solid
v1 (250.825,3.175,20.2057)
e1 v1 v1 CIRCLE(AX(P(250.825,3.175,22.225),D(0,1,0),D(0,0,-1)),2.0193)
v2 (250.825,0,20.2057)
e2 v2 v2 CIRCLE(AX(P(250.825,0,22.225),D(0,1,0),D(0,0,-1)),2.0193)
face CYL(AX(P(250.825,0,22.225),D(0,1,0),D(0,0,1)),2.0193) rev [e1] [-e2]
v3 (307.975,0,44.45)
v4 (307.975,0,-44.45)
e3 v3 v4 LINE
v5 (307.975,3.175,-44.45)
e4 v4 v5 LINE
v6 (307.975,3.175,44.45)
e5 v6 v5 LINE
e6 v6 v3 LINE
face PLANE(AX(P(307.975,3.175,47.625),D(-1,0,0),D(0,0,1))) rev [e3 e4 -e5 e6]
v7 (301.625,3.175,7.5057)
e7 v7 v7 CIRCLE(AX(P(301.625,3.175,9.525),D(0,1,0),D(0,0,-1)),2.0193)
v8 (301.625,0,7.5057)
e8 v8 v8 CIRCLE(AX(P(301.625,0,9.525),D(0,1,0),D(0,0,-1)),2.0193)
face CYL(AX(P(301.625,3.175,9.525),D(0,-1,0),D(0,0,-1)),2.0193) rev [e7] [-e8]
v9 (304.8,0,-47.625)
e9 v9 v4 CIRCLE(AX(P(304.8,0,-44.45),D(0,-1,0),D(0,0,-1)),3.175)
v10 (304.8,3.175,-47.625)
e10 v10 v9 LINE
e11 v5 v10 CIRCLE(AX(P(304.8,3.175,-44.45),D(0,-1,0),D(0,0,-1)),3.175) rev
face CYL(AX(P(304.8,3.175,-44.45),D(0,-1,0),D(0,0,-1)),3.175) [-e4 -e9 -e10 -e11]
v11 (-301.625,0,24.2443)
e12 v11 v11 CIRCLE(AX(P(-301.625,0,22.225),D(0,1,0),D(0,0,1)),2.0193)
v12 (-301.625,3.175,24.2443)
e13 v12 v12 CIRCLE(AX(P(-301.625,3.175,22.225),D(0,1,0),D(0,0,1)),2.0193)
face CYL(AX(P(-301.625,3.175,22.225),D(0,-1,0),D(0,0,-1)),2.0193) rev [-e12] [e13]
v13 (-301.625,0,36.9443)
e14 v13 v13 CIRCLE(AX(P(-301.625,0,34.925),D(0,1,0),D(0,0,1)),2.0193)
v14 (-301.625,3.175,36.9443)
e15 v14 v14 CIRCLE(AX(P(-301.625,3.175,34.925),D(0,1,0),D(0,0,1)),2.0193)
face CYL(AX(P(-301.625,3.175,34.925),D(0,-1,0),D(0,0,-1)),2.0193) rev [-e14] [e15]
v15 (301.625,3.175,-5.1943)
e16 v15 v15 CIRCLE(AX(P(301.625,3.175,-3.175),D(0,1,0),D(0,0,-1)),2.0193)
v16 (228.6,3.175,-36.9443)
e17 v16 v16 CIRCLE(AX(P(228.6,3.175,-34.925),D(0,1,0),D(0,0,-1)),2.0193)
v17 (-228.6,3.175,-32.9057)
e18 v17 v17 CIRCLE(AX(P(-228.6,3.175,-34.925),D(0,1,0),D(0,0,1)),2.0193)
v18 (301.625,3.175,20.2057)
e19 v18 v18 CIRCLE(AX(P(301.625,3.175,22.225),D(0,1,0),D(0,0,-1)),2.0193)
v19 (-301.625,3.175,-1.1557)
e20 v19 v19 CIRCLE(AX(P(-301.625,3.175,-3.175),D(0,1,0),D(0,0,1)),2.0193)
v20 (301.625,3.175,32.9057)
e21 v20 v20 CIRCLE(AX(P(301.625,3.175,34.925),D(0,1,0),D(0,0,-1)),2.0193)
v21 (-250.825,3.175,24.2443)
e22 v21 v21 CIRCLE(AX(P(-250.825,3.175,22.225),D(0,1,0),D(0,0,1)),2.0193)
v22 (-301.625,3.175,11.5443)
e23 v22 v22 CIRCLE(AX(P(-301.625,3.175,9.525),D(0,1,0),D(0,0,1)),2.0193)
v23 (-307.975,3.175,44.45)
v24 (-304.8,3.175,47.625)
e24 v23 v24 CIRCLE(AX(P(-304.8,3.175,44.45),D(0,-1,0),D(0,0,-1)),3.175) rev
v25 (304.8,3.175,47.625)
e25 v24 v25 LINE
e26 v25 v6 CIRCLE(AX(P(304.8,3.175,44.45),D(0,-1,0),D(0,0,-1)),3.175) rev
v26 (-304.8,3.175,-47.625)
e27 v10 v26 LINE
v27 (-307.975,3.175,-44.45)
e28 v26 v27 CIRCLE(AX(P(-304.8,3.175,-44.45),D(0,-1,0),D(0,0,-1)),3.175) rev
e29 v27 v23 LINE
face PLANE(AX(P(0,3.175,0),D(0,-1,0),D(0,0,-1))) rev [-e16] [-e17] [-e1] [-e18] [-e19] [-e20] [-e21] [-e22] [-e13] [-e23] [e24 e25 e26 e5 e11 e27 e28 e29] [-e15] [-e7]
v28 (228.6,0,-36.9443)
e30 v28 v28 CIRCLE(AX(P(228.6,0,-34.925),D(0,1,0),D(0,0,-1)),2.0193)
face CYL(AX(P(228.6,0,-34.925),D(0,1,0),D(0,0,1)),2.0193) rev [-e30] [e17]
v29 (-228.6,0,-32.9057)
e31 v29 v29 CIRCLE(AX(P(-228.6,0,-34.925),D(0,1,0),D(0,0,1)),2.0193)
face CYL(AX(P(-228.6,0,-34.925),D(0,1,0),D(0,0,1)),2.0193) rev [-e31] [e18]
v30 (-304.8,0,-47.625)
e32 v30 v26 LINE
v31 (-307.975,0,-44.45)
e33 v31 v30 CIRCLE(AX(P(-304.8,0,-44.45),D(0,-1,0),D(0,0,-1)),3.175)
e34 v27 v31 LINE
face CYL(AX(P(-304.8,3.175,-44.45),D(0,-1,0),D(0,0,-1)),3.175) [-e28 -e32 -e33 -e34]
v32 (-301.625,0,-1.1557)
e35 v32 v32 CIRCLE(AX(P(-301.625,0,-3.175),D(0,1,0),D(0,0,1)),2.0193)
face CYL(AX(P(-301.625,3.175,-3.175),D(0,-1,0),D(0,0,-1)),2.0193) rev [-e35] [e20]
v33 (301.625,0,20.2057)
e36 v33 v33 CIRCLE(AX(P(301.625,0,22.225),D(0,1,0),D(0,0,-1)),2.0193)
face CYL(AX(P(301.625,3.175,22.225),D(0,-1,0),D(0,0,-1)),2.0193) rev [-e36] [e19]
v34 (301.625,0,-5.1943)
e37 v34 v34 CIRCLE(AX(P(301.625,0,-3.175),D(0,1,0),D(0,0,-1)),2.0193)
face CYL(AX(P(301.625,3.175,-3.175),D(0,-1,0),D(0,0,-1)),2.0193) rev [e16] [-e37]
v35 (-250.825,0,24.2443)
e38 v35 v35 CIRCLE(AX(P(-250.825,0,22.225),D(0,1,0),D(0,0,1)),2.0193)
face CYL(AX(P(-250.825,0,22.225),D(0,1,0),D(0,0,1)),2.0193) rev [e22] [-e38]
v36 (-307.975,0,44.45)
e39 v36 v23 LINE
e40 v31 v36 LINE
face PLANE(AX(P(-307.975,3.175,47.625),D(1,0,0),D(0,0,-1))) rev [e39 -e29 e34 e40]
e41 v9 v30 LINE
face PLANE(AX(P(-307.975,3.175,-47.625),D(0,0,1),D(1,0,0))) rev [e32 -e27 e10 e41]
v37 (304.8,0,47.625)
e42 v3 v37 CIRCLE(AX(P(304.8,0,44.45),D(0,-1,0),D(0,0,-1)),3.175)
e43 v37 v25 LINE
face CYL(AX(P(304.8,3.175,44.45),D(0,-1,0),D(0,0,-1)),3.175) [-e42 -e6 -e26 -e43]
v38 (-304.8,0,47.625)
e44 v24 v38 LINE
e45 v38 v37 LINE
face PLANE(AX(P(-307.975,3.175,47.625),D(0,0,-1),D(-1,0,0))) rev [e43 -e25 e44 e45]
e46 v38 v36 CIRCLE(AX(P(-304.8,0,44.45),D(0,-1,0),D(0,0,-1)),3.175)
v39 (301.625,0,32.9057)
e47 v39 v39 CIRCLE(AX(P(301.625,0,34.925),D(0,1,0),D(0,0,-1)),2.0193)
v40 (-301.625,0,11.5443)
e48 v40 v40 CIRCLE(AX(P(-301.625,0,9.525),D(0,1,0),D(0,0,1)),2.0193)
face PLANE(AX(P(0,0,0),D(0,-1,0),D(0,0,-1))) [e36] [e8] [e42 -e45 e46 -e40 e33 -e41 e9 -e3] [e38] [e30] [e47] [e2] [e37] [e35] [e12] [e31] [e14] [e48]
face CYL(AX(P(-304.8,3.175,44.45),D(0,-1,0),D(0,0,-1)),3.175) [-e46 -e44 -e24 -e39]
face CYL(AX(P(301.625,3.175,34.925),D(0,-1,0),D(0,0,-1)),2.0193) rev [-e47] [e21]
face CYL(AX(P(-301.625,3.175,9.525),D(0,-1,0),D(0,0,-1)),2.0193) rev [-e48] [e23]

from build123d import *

# Parameters (mm, degrees)
SKETCH1_W           = 615.95
SKETCH1_H           = 95.25
SKETCH1_R           = 2.0193
BOSS_EXTRUDE1_DEPTH = 3.175
FILLET1_R           = 3.175
SKETCH2_R           = 2.0193
CUT_EXTRUDE1_DEPTH  = 312.651763793


with BuildPart() as part:
    # Sketch1 → Boss-Extrude1 (new body)
    with BuildSketch(Plane(origin=(0, 0, 0), x_dir=(1, 0, 0), z_dir=(0, 1, 0))):
        Rectangle(SKETCH1_W, SKETCH1_H)
        with Locations(Location((-301.625, 3.175, 0), (0, 0, 270))):
            Circle(SKETCH1_R, mode=Mode.SUBTRACT)
        with Locations(Location((-301.625, -9.525, 0), (0, 0, 270))):
            Circle(SKETCH1_R, mode=Mode.SUBTRACT)
        with Locations(Location((-301.625, -22.225, 0), (0, 0, 270))):
            Circle(SKETCH1_R, mode=Mode.SUBTRACT)
        with Locations(Location((-301.625, -34.925, 0), (0, 0, 270))):
            Circle(SKETCH1_R, mode=Mode.SUBTRACT)
        with Locations(Location((301.625, -34.925, 0), (0, 0, 90))):
            Circle(SKETCH1_R, mode=Mode.SUBTRACT)
        with Locations(Location((301.625, -22.225, 0), (0, 0, 90))):
            Circle(SKETCH1_R, mode=Mode.SUBTRACT)
        with Locations(Location((301.625, -9.525, 0), (0, 0, 90))):
            Circle(SKETCH1_R, mode=Mode.SUBTRACT)
        with Locations(Location((301.625, 3.175, 0), (0, 0, 90))):
            Circle(SKETCH1_R, mode=Mode.SUBTRACT)
    extrude(amount=BOSS_EXTRUDE1_DEPTH)

    # Fillet1
    fillet1_edges = [part.edges().sort_by_distance(p)[0] for p in [
        (307.975, 1.5875, 47.625),
        (-307.975, 1.5875, 47.625),
        (-307.975, 1.5875, -47.625),
        (307.975, 1.5875, -47.625),
    ]]
    fillet(fillet1_edges, radius=FILLET1_R)

    # Sketch2 → Cut-Extrude1 (cut, through all)
    with BuildSketch(Plane(origin=(0, 3.175, 0), x_dir=(1, 0, 0), z_dir=(0, 1, 0))):
        with Locations(Location((-228.6, 34.925, 0), (0, 0, 270))):
            Circle(SKETCH2_R)
        with Locations(Location((-250.825, -22.225, 0), (0, 0, 270))):
            Circle(SKETCH2_R)
        with Locations(Location((250.825, -22.225, 0), (0, 0, 90))):
            Circle(SKETCH2_R)
        with Locations(Location((228.6, 34.925, 0), (0, 0, 90))):
            Circle(SKETCH2_R)
    extrude(amount=-CUT_EXTRUDE1_DEPTH, mode=Mode.SUBTRACT)


solid = part.part
